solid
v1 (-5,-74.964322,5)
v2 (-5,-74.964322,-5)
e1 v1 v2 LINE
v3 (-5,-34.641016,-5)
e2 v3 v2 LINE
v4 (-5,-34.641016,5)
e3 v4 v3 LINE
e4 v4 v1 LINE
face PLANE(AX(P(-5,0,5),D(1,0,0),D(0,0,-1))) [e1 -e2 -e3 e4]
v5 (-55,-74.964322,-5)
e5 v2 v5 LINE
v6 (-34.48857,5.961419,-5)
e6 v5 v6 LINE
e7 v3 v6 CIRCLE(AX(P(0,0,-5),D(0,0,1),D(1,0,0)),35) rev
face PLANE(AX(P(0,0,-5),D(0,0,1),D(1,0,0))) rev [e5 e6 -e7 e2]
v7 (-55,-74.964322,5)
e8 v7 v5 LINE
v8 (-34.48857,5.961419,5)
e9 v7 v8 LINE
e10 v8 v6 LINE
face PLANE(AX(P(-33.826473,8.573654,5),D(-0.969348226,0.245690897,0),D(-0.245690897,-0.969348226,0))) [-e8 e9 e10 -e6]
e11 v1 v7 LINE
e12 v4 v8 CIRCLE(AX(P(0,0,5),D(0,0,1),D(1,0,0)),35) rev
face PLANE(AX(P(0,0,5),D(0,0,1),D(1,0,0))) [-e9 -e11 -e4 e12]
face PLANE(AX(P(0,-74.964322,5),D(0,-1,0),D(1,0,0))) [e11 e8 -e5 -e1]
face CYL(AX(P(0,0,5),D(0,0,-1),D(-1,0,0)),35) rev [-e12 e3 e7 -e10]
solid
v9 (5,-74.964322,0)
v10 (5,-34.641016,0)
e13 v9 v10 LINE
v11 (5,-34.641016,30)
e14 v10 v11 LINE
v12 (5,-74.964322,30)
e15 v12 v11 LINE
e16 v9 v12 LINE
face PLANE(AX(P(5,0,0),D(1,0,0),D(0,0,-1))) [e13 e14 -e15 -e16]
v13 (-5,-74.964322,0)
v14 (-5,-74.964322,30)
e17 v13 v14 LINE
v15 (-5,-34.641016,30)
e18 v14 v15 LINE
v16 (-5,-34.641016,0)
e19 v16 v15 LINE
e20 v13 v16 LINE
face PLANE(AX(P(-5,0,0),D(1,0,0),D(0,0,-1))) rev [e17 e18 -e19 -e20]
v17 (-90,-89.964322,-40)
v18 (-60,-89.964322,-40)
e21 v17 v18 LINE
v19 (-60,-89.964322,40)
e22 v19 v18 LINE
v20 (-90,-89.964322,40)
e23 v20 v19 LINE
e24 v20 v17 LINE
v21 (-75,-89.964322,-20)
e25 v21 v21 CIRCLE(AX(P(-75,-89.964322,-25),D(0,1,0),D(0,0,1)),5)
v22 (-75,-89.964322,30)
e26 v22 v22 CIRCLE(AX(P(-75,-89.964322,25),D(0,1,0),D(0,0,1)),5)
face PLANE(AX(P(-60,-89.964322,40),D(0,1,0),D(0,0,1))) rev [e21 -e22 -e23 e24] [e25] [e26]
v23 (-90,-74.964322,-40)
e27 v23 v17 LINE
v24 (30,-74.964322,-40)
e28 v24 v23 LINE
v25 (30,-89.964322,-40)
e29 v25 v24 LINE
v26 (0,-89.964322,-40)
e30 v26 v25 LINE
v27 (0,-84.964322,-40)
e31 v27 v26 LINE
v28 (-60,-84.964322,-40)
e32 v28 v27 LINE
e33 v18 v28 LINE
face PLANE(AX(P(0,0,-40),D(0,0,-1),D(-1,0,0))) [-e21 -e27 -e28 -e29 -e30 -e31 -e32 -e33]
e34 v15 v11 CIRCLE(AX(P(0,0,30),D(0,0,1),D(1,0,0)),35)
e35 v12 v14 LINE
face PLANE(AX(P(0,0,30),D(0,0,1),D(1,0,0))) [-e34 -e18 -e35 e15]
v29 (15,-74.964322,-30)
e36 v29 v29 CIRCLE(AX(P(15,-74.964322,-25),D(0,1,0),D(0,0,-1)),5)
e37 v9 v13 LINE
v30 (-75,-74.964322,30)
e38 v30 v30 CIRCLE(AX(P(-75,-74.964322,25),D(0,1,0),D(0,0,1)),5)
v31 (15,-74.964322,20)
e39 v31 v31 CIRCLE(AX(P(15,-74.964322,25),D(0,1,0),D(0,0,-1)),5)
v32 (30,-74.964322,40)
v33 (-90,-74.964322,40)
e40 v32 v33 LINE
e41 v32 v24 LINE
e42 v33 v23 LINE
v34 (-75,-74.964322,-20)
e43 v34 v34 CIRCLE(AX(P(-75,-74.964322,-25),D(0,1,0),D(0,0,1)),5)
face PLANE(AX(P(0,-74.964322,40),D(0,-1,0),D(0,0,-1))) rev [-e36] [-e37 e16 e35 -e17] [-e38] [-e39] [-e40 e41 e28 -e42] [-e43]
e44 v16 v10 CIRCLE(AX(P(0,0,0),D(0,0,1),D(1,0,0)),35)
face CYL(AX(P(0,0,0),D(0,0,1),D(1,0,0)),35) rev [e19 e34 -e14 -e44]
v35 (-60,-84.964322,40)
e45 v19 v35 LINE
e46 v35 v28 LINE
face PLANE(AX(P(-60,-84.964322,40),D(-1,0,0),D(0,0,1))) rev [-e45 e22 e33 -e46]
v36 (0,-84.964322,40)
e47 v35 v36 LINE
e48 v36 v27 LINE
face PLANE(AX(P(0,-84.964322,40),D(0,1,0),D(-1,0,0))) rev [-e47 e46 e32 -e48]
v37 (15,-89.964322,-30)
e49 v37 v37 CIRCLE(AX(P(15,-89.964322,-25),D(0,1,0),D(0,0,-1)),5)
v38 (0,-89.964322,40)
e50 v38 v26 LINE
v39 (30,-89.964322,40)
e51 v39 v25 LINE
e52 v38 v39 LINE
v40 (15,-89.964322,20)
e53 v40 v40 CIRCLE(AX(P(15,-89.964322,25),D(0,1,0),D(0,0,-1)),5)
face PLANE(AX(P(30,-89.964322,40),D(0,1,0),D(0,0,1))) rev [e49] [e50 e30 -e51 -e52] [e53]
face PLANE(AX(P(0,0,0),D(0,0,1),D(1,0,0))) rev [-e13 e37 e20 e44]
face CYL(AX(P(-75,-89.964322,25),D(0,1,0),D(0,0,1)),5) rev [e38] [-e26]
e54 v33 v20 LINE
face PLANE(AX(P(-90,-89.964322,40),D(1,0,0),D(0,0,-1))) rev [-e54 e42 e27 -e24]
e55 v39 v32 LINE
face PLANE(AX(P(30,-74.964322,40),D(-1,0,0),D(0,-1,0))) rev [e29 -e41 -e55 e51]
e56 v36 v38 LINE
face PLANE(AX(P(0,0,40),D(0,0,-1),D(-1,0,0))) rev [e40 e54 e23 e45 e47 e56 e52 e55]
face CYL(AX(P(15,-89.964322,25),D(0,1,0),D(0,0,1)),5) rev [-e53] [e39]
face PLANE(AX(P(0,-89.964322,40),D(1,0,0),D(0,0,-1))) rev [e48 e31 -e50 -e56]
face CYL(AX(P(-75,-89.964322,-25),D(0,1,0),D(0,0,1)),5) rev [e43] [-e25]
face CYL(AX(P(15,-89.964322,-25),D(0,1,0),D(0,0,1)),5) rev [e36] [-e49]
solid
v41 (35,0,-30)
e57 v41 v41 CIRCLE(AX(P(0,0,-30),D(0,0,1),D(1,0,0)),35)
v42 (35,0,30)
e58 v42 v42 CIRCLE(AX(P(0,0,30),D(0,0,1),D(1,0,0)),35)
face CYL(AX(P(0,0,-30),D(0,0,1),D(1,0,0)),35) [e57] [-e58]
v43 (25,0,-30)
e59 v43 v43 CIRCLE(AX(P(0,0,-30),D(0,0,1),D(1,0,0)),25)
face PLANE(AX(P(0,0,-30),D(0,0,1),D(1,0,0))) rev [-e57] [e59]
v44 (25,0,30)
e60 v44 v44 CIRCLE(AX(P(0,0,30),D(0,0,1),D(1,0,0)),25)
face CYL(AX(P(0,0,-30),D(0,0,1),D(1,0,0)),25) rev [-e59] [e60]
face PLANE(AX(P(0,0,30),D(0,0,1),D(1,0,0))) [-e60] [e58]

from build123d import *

# Parameters (mm, degrees)
SKETCH3_R           = 35
SKETCH3_R_2         = 25
BOSS_EXTRUDE1_DEPTH = 30
BOSS_EXTRUDE2_DEPTH = 30
BOSS_EXTRUDE3_DEPTH = 40
BOSS_EXTRUDE4_DEPTH = 5
SKETCH9_R           = 5
CUT_EXTRUDE1_DEPTH  = 148.62165212


with BuildPart() as part:
    # Sketch3 → Boss-Extrude1 (new, symmetric)
    with BuildSketch(Plane.XY):
        Circle(SKETCH3_R)
        Circle(SKETCH3_R_2, mode=Mode.SUBTRACT)
    extrude(amount=BOSS_EXTRUDE1_DEPTH, both=True)


with BuildPart() as body_2:
    # Sketch4 → Boss-Extrude2 (new body)
    with BuildSketch(Plane.XY.offset(30)):
        with BuildLine():
            Line((0, -74.96432228), (0, -35))
            ThreePointArc((0, -35), (-2.506435188, -34.91013868), (-5, -34.641016151))
            Line((-5, -34.641016151), (-5, -74.96432228))
            Line((-5, -74.96432228), (0, -74.96432228))
        make_face()
        with BuildLine():
            ThreePointArc((5, -34.641016151), (2.506435188, -34.91013868), (0, -35))
            Line((0, -35), (0, -74.96432228))
            Line((0, -74.96432228), (5, -74.96432228))
            Line((5, -74.96432228), (5, -34.641016151))
        make_face()
    extrude(amount=-BOSS_EXTRUDE2_DEPTH)

    # Sketch5 → Boss-Extrude3 (add, symmetric)
    with BuildSketch(Plane.XY):
        Polygon((0, -74.96432228), (30, -74.96432228), (30, -89.96432228), (0, -89.96432228), (0, -84.96432228), (-60, -84.96432228), (-60, -89.96432228), (-90, -89.96432228), (-90, -74.96432228), align=None)
    extrude(amount=BOSS_EXTRUDE3_DEPTH, both=True)

    # Sketch9 → Cut-Extrude1 (cut, through all)
    with BuildSketch(Plane(origin=(0, -74.96432228, 0), x_dir=(1, 0, 0), z_dir=(0, 1, 0))):
        with Locations(Location((-75, 25, 0), (0, 0, 270))):
            Circle(SKETCH9_R)
        with Locations(Location((-75, -25, 0), (0, 0, 270))):
            Circle(SKETCH9_R)
        with Locations(Location((15, -25, 0), (0, 0, 90))):
            Circle(SKETCH9_R)
        with Locations(Location((15, 25, 0), (0, 0, 90))):
            Circle(SKETCH9_R)
    extrude(amount=-CUT_EXTRUDE1_DEPTH, mode=Mode.SUBTRACT)


with BuildPart() as body_3:
    # Sketch6 → Boss-Extrude4 (new, symmetric)
    with BuildSketch(Plane.XY):
        with BuildLine():
            Line((-5, -34.641016151), (-5, -74.96432228))
            Line((-5, -74.96432228), (-55, -74.96432228))
            Line((-55, -74.96432228), (-34.488570409, 5.96141855))
            ThreePointArc((-34.488570409, 5.96141855), (-28.319184737, -20.567541804), (-5, -34.641016151))
        make_face()
    extrude(amount=BOSS_EXTRUDE4_DEPTH, both=True)


solid = Compound([part.part, body_2.part, body_3.part])
